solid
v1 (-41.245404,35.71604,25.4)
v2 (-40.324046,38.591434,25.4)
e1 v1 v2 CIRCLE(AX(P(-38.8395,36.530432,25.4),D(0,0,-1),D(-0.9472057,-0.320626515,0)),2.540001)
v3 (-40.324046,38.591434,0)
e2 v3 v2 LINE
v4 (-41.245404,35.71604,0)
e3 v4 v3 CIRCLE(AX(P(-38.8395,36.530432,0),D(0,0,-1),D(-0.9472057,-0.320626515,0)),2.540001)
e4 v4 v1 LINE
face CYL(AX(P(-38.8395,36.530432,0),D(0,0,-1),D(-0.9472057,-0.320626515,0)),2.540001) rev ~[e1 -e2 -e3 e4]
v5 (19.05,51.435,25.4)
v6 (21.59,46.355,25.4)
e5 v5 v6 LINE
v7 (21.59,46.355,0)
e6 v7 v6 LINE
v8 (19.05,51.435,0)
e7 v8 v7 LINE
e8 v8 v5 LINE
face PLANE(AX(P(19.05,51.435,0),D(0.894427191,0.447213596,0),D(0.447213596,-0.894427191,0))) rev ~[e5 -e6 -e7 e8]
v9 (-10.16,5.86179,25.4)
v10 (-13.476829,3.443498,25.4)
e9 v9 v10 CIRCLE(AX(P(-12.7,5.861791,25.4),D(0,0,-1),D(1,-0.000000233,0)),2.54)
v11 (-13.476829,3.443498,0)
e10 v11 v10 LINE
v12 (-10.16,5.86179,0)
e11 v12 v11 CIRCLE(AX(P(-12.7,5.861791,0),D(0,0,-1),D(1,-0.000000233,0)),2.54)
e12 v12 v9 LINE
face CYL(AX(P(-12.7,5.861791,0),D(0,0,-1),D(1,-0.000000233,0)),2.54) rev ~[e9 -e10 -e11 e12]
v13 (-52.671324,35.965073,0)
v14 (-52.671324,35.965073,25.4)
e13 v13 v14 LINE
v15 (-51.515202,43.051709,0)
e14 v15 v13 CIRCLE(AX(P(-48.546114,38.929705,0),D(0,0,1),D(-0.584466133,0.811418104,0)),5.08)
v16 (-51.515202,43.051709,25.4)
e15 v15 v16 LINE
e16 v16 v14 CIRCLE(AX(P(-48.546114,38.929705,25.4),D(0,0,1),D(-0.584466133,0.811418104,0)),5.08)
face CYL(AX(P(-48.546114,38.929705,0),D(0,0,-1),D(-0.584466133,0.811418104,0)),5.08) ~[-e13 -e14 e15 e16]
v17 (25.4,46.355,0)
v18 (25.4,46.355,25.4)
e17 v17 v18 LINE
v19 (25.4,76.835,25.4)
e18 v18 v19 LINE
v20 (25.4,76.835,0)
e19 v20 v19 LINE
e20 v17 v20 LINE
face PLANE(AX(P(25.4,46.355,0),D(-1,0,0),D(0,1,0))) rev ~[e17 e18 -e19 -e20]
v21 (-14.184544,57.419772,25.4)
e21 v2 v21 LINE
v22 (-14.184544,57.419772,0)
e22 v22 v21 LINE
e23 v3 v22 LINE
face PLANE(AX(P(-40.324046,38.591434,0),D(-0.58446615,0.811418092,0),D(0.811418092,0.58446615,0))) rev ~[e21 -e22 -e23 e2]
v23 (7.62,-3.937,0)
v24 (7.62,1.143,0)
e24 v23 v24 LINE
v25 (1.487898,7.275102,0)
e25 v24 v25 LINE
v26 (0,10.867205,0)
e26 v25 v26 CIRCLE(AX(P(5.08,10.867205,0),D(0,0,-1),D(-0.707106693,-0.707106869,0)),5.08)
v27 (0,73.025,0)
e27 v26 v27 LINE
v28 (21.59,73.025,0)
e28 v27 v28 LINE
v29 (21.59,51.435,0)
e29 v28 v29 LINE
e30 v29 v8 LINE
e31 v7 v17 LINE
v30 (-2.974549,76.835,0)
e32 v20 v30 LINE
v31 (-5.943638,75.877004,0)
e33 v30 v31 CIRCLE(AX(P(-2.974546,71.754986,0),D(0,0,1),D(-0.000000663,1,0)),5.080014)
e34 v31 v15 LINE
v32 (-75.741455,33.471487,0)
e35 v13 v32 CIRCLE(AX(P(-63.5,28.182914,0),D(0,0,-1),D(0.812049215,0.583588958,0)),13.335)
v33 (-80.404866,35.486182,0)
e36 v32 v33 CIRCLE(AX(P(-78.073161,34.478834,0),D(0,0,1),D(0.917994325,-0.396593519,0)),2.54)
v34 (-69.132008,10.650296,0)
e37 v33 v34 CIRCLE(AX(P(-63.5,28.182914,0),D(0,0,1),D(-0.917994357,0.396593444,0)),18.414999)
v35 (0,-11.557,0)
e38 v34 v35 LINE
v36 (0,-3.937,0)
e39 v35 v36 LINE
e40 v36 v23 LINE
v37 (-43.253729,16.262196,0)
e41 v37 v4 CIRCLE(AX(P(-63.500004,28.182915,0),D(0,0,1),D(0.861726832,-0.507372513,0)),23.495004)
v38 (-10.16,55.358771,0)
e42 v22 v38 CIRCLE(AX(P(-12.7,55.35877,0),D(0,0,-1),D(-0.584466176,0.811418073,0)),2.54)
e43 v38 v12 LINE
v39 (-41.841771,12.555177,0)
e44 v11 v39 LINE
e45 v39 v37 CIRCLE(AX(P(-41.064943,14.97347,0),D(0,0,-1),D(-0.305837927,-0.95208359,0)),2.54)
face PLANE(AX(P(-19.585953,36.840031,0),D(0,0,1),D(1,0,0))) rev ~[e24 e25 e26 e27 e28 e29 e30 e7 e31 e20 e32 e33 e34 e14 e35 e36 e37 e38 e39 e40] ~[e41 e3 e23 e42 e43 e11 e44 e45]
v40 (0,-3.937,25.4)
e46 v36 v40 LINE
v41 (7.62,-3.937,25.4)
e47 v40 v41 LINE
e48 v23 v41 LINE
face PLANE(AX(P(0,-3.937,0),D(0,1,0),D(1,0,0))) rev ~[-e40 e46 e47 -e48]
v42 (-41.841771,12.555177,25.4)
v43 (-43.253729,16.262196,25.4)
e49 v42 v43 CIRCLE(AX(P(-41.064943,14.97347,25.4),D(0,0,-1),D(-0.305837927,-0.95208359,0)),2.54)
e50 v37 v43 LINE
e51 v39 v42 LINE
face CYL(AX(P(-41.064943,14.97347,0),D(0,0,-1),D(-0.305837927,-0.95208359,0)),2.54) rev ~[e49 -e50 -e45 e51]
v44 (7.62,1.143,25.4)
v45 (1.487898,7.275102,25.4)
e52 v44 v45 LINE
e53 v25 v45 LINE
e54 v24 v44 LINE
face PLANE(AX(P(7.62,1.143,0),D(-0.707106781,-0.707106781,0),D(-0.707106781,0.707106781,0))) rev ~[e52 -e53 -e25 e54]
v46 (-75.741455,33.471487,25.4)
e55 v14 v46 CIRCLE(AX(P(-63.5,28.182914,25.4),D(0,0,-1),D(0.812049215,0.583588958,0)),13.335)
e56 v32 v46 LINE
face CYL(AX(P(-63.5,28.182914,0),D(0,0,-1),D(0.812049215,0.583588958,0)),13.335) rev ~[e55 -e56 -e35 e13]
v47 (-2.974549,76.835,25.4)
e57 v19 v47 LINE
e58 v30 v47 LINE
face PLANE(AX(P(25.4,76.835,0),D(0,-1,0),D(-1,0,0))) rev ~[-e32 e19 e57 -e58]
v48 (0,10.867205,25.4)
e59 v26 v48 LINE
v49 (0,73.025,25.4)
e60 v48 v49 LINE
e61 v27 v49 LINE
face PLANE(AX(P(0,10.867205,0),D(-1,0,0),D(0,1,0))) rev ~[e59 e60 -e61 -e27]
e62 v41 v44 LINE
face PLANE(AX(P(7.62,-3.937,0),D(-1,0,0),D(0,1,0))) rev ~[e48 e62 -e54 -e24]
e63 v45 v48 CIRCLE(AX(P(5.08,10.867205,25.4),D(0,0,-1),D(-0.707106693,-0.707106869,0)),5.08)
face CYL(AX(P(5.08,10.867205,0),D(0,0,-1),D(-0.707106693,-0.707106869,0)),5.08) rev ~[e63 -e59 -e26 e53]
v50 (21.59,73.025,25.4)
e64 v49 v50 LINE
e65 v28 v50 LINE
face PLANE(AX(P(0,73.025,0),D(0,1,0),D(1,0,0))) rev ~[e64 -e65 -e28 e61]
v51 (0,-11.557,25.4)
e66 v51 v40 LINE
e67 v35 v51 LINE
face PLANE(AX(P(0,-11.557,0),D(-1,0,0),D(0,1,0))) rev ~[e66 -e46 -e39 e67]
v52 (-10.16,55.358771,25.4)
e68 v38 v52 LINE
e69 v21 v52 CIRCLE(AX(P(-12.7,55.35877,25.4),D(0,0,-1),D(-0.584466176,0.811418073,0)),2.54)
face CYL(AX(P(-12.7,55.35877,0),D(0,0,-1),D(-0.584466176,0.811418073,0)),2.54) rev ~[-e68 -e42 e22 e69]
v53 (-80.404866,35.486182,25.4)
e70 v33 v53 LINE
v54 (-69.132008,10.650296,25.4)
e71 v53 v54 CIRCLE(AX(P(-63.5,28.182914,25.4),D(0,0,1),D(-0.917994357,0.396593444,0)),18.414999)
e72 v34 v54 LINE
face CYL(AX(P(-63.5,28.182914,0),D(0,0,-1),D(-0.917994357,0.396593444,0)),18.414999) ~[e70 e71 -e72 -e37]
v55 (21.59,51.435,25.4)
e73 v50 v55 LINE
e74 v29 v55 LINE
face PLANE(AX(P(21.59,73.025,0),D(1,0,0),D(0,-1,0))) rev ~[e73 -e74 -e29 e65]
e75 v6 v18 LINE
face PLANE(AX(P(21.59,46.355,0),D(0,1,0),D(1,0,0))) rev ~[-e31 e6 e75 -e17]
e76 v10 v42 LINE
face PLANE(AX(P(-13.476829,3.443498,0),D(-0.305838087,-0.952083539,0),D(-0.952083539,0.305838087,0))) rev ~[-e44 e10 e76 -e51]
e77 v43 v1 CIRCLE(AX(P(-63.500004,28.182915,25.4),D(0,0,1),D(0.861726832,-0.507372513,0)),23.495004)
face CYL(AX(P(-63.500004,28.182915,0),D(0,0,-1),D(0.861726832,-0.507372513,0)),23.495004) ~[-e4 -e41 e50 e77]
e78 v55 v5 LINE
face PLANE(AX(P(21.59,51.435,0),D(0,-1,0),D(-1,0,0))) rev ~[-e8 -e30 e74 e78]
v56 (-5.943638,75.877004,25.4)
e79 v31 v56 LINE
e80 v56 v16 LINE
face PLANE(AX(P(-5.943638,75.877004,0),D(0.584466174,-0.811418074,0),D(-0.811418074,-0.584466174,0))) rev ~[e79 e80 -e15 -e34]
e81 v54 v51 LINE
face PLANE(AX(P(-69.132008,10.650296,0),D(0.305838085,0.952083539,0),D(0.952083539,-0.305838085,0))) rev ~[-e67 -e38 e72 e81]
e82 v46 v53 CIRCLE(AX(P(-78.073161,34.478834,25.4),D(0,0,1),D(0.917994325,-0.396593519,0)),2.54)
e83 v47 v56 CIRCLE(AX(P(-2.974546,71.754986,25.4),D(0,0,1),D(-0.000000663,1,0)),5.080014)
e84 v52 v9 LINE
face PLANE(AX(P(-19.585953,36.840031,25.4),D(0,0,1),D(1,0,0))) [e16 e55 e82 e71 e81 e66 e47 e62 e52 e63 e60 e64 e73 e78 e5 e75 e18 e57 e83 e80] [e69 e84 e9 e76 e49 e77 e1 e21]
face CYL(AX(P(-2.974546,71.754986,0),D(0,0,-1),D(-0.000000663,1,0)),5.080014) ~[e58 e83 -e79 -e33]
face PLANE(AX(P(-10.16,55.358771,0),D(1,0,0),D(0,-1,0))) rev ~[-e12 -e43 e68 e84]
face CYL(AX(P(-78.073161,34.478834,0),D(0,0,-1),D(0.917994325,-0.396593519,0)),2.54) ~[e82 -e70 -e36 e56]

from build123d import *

# Parameters (mm, degrees)
F1_DEPTH = 25.4


with BuildPart() as f1:
    # F0 (on Top) → F1 (new body)
    with BuildSketch(Plane.XY):
        with BuildLine():
            Line((0, 10.867205), (0, 73.025))
            Line((0, 73.025), (21.59, 73.025))
            Line((21.59, 73.025), (21.59, 51.435))
            Line((21.59, 51.435), (19.05, 51.435))
            Line((19.05, 51.435), (21.59, 46.355))
            Line((21.59, 46.355), (25.4, 46.355))
            Line((25.4, 46.355), (25.4, 76.835))
            Line((25.4, 76.835), (-2.974549, 76.835))
            ThreePointArc((-2.974549, 76.835), (-4.534456, 76.589572), (-5.943638, 75.877004))
            Line((-5.943638, 75.877004), (-51.515202, 43.051709))
            ThreePointArc((-51.515202, 43.051709), (-53.559832, 39.747649), (-52.671324, 35.965073))
            ThreePointArc((-52.671324, 35.965073), (-62.067004, 14.925134), (-75.741455, 33.471487))
            ThreePointArc((-75.741455, 33.471487), (-77.065813, 36.81054), (-80.404866, 35.486182))
            ThreePointArc((-80.404866, 35.486182), (-80.268512, 20.571789), (-69.132008, 10.650296))
            Line((-69.132008, 10.650296), (0, -11.557))
            Line((0, -11.557), (0, -3.937))
            Line((0, -3.937), (7.62, -3.937))
            Line((7.62, -3.937), (7.62, 1.143))
            Line((7.62, 1.143), (1.487898, 7.275102))
            ThreePointArc((1.487898, 7.275102), (0.386692, 8.923173), (0, 10.867205))
        make_face()
        with BuildLine():
            ThreePointArc((-14.184544, 57.419772), (-11.542231, 57.61956), (-10.16, 55.358771))
            Line((-10.16, 55.358771), (-10.16, 5.86179))
            ThreePointArc((-10.16, 5.86179), (-11.203595, 3.809384), (-13.476829, 3.443498))
            Line((-13.476829, 3.443498), (-41.841771, 12.555177))
            ThreePointArc((-41.841771, 12.555177), (-43.438593, 14.069376), (-43.253729, 16.262196))
            ThreePointArc((-43.253729, 16.262196), (-40.129208, 25.770222), (-41.245404, 35.71604))
            ThreePointArc((-41.245404, 35.71604), (-41.258358, 37.305502), (-40.324046, 38.591434))
            Line((-40.324046, 38.591434), (-14.184544, 57.419772))
        make_face(mode=Mode.SUBTRACT)
    extrude(amount=F1_DEPTH)


solid = f1.part
